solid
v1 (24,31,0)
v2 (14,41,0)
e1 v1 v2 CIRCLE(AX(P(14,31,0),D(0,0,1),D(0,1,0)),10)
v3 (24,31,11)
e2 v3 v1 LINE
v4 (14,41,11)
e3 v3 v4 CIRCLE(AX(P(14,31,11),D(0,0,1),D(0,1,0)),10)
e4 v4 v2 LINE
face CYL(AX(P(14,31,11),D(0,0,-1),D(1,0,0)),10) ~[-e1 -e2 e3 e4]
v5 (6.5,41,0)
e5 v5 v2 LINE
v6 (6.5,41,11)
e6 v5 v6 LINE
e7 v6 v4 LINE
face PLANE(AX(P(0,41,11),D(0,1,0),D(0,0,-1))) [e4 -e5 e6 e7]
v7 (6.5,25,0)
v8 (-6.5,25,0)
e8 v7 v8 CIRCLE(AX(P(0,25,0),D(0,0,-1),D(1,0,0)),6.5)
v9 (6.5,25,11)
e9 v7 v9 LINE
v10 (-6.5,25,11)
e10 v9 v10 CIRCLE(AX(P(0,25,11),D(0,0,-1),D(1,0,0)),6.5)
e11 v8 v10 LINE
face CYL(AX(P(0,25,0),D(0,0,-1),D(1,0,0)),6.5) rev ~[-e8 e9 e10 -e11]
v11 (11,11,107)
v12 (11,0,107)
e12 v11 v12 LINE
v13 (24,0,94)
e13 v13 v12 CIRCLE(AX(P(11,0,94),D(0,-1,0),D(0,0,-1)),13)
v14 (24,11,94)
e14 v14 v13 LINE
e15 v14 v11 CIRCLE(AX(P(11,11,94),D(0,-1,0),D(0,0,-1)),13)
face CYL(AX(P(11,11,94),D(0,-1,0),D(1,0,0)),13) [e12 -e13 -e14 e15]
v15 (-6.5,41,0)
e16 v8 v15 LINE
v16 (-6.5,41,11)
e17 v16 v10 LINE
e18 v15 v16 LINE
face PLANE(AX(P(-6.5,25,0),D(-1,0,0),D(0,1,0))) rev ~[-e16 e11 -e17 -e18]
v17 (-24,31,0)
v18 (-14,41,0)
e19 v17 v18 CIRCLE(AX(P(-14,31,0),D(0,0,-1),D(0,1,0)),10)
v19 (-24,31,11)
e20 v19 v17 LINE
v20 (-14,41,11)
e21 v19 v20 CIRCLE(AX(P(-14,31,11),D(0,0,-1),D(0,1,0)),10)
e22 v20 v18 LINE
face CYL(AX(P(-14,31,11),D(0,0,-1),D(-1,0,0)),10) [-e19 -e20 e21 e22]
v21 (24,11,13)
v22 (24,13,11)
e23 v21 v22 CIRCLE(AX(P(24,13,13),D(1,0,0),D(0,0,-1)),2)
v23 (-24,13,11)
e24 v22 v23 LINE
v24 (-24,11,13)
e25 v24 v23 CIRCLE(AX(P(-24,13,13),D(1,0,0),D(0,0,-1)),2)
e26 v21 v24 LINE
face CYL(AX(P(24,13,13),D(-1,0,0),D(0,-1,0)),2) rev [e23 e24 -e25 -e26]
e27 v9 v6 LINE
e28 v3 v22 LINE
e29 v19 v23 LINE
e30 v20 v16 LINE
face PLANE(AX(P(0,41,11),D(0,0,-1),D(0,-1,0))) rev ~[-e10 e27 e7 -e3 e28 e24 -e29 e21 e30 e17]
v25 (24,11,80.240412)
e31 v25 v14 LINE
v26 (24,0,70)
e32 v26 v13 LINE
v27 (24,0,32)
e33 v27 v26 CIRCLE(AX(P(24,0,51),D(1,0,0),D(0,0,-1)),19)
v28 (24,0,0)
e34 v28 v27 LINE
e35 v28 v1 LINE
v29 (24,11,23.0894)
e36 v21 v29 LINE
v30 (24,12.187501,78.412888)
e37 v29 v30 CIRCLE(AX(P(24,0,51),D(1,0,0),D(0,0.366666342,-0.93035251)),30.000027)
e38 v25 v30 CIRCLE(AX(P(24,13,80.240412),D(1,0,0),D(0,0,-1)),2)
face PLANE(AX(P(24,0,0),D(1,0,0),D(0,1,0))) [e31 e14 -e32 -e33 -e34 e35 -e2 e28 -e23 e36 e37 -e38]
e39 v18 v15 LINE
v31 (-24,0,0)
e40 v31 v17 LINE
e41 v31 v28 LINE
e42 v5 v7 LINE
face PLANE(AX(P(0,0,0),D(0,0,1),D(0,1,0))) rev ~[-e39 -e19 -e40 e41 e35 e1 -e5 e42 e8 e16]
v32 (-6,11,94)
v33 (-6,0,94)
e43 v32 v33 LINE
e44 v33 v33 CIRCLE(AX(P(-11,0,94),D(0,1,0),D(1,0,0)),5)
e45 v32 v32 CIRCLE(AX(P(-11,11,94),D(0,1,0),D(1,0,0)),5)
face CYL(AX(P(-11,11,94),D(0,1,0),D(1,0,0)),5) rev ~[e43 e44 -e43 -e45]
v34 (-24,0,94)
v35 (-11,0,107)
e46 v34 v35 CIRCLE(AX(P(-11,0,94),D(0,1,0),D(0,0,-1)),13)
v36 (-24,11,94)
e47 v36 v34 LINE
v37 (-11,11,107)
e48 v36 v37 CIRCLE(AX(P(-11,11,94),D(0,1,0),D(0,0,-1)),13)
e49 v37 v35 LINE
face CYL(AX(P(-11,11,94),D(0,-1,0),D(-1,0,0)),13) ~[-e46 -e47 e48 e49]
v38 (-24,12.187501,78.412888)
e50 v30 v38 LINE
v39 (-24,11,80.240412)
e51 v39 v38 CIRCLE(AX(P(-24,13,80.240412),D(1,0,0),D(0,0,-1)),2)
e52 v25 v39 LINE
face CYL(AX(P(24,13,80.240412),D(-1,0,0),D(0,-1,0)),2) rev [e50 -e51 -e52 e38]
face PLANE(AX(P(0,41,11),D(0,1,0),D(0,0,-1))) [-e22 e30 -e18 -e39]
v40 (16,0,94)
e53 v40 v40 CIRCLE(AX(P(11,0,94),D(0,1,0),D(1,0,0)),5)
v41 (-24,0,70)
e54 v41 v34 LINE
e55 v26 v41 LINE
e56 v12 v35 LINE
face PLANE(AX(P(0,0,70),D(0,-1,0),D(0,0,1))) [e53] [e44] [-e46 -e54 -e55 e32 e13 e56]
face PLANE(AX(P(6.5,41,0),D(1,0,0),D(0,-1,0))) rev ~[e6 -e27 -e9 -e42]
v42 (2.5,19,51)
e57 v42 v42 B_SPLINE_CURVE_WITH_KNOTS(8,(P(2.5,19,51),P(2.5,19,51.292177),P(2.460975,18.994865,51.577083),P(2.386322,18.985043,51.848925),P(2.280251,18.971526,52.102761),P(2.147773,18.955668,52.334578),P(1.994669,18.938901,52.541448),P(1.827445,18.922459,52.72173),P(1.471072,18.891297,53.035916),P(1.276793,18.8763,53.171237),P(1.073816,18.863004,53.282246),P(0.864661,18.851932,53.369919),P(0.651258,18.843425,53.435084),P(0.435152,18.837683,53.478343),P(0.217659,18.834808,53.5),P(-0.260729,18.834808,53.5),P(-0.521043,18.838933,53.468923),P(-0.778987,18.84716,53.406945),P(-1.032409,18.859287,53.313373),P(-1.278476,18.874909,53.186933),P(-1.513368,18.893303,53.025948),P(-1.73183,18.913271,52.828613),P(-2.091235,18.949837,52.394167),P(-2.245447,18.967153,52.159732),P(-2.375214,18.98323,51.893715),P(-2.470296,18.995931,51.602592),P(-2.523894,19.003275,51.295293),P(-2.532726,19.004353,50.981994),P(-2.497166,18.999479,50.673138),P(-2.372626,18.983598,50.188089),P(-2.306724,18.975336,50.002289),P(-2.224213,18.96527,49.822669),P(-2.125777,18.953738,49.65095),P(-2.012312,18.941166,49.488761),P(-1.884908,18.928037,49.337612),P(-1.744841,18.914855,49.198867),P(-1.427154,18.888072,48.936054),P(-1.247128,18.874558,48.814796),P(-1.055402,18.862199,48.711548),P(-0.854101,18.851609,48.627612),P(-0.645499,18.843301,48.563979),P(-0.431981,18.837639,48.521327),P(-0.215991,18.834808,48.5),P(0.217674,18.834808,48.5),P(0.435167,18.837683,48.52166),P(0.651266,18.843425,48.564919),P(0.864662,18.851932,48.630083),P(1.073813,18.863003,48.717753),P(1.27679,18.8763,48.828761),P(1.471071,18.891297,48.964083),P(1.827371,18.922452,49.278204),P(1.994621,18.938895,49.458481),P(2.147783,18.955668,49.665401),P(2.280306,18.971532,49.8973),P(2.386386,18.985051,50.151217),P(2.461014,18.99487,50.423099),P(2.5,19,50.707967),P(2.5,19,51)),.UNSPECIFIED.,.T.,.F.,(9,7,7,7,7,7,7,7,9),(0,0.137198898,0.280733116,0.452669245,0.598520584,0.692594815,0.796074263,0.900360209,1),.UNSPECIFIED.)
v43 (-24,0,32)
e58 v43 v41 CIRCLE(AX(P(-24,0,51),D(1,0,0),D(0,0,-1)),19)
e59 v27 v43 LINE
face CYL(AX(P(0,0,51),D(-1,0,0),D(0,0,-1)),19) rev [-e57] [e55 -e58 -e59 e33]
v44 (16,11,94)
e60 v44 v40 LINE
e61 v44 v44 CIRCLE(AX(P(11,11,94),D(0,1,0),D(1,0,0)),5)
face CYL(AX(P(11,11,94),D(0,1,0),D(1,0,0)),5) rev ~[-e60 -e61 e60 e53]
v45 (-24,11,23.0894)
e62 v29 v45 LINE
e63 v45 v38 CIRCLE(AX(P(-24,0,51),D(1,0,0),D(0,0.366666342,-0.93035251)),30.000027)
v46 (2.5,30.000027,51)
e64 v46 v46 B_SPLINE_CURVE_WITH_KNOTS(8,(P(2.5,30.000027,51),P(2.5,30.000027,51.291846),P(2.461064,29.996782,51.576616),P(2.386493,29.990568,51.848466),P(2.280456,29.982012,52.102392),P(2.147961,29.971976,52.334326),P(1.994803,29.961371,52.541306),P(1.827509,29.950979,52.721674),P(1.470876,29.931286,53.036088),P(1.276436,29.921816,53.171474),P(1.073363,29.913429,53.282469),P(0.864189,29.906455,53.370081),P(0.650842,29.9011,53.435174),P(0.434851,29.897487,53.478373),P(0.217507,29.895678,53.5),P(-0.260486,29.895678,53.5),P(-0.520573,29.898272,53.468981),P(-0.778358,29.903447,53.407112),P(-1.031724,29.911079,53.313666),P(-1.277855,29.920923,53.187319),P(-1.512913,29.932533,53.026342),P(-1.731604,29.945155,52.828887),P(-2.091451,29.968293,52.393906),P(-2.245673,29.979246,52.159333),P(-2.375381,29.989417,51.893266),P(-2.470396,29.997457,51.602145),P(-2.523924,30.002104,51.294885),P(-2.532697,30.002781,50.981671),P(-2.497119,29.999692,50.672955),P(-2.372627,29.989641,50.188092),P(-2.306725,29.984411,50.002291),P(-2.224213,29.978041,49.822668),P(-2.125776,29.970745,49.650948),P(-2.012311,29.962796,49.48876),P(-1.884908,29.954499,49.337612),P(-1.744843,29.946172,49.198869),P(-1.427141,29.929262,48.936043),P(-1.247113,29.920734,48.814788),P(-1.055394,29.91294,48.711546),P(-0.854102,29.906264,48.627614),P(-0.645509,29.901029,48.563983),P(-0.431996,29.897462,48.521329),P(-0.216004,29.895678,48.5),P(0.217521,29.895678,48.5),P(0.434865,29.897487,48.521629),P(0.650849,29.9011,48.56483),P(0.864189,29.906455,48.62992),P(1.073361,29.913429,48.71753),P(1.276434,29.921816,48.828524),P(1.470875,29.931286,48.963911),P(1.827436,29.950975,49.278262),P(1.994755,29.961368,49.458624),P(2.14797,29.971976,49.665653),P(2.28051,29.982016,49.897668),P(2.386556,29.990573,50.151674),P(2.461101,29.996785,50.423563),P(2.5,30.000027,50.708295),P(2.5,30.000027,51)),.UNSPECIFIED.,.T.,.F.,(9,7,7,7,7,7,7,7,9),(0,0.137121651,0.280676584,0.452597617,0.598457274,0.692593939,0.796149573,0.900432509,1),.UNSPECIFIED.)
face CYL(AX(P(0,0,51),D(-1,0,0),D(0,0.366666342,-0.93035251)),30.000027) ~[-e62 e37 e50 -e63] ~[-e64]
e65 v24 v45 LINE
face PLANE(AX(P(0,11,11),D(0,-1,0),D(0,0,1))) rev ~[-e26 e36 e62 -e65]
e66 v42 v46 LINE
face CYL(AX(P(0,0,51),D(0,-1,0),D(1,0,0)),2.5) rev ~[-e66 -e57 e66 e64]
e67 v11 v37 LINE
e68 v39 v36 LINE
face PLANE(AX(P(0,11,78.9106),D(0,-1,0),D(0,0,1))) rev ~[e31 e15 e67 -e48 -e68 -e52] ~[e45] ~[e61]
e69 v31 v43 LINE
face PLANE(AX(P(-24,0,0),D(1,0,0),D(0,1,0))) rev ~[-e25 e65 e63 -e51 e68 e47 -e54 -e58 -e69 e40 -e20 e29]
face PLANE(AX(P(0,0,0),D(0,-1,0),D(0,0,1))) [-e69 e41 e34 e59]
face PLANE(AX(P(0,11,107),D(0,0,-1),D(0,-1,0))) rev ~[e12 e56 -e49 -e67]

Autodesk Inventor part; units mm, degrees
ref_plane "YZ Plane" through (0, 0, 0) normal (1, 0, 0) x (0, 1, 0)
ref_plane "XZ Plane" through (0, 0, 0) normal (0, 1, 0) x (-1, 0, 0)
ref_plane "XY Plane" through (0, 0, 0) normal (0, 0, 1) x (1, 0, 0)
sketch "Sketch1" plane through (0, 0, 0) normal (1, 0, 0) x (0, 1, 0)
  line L0 (0, 0) -> (41, 0)
  line L1 (0, 0) -> (0, 32)
  arc A0 (0, 32) -> (0, 70) centre (0, 51) ccw
  line L2 (0, 70) -> (0, 107)
  line L3 (41, 11) -> (11, 11)
  line L4 (11, 11) -> (11, 23.0894)
  arc A1 (11, 23.0894) -> (11, 78.9106) centre (0, 51) ccw
  line L5 (11, 78.9106) -> (11, 107)
  line L6 (11, 107) -> (0, 107)
  line L7 (41, 11) -> (41, 0)
  dimension "d0" = 41
  dimension "d1" = 107
  dimension "d2" = 51
  dimension "d3" = 11
  dimension "d4" = 30
extrude "Extrusion1" add sketch "Sketch1" along normal mid plane 48
fillet "Fillet1" radius 13 2 edges at (-24, 5.5, 107) (24, 5.5, 107)
fillet "Fillet2" radius 2 2 edges at (0, 11, 78.9106) (0, 11, 11)
sketch "Sketch2" plane through (-11, 11, 107) normal (0, 1, 0) x (1, 0, 0)
  arc A0 (-13, 13) -> (0, 0) centre (0, 13) ccw projected
  circle A1 centre (0, 13) radius 5
  arc A2 (22, 0) -> (35, 13) centre (22, 13) ccw projected
  circle A3 centre (22, 13) radius 5
  point P0 (11, 107)
  dimension "d9" = 10
  dimension "d10" = 10
extrude "Extrusion2" cut sketch "Sketch2" against normal through all
sketch "Sketch3" plane through (24, 41, 0) normal (0, 0, -1) x (-1, 0, 0)
  line L0 (48, 0) -> (0, 0) projected
  line L1 (30.5, 0) -> (17.5, 0)
  line L2 (17.5, 0) -> (17.5, -16)
  line L3 (30.5, -16) -> (30.5, 0)
  arc A0 (17.5, -16) -> (30.5, -16) centre (24, -16) ccw
  point P0 (24, -41)
  dimension "d14" = 13
  dimension "d17" = 16
  dimension "d18" = 16
extrude "Extrusion3" cut sketch "Sketch3" against normal up to next
fillet "Fillet3" radius 10 2 edges at (-24, 41, 5.5) (24, 41, 5.5)
sketch "Sketch4" plane through (-24, 0, 0) normal (0, -1, 0) x (1, 0, 0)
  line L0 (48, 70) -> (48, 32) projected
  line L1 (48, 51) -> (0, 51) construction
  line L2 (0, 32) -> (0, 70) projected
  circle A0 centre (24, 51) radius 2.5
  point P0 (24, 0)
  dimension "d22" = 5
extrude "Extrusion4" cut sketch "Sketch4" against normal through all
thread "Thread1" size "M5x0.8" class "6H" standard "ISO Metric profile" full length
properties part number "T05"
